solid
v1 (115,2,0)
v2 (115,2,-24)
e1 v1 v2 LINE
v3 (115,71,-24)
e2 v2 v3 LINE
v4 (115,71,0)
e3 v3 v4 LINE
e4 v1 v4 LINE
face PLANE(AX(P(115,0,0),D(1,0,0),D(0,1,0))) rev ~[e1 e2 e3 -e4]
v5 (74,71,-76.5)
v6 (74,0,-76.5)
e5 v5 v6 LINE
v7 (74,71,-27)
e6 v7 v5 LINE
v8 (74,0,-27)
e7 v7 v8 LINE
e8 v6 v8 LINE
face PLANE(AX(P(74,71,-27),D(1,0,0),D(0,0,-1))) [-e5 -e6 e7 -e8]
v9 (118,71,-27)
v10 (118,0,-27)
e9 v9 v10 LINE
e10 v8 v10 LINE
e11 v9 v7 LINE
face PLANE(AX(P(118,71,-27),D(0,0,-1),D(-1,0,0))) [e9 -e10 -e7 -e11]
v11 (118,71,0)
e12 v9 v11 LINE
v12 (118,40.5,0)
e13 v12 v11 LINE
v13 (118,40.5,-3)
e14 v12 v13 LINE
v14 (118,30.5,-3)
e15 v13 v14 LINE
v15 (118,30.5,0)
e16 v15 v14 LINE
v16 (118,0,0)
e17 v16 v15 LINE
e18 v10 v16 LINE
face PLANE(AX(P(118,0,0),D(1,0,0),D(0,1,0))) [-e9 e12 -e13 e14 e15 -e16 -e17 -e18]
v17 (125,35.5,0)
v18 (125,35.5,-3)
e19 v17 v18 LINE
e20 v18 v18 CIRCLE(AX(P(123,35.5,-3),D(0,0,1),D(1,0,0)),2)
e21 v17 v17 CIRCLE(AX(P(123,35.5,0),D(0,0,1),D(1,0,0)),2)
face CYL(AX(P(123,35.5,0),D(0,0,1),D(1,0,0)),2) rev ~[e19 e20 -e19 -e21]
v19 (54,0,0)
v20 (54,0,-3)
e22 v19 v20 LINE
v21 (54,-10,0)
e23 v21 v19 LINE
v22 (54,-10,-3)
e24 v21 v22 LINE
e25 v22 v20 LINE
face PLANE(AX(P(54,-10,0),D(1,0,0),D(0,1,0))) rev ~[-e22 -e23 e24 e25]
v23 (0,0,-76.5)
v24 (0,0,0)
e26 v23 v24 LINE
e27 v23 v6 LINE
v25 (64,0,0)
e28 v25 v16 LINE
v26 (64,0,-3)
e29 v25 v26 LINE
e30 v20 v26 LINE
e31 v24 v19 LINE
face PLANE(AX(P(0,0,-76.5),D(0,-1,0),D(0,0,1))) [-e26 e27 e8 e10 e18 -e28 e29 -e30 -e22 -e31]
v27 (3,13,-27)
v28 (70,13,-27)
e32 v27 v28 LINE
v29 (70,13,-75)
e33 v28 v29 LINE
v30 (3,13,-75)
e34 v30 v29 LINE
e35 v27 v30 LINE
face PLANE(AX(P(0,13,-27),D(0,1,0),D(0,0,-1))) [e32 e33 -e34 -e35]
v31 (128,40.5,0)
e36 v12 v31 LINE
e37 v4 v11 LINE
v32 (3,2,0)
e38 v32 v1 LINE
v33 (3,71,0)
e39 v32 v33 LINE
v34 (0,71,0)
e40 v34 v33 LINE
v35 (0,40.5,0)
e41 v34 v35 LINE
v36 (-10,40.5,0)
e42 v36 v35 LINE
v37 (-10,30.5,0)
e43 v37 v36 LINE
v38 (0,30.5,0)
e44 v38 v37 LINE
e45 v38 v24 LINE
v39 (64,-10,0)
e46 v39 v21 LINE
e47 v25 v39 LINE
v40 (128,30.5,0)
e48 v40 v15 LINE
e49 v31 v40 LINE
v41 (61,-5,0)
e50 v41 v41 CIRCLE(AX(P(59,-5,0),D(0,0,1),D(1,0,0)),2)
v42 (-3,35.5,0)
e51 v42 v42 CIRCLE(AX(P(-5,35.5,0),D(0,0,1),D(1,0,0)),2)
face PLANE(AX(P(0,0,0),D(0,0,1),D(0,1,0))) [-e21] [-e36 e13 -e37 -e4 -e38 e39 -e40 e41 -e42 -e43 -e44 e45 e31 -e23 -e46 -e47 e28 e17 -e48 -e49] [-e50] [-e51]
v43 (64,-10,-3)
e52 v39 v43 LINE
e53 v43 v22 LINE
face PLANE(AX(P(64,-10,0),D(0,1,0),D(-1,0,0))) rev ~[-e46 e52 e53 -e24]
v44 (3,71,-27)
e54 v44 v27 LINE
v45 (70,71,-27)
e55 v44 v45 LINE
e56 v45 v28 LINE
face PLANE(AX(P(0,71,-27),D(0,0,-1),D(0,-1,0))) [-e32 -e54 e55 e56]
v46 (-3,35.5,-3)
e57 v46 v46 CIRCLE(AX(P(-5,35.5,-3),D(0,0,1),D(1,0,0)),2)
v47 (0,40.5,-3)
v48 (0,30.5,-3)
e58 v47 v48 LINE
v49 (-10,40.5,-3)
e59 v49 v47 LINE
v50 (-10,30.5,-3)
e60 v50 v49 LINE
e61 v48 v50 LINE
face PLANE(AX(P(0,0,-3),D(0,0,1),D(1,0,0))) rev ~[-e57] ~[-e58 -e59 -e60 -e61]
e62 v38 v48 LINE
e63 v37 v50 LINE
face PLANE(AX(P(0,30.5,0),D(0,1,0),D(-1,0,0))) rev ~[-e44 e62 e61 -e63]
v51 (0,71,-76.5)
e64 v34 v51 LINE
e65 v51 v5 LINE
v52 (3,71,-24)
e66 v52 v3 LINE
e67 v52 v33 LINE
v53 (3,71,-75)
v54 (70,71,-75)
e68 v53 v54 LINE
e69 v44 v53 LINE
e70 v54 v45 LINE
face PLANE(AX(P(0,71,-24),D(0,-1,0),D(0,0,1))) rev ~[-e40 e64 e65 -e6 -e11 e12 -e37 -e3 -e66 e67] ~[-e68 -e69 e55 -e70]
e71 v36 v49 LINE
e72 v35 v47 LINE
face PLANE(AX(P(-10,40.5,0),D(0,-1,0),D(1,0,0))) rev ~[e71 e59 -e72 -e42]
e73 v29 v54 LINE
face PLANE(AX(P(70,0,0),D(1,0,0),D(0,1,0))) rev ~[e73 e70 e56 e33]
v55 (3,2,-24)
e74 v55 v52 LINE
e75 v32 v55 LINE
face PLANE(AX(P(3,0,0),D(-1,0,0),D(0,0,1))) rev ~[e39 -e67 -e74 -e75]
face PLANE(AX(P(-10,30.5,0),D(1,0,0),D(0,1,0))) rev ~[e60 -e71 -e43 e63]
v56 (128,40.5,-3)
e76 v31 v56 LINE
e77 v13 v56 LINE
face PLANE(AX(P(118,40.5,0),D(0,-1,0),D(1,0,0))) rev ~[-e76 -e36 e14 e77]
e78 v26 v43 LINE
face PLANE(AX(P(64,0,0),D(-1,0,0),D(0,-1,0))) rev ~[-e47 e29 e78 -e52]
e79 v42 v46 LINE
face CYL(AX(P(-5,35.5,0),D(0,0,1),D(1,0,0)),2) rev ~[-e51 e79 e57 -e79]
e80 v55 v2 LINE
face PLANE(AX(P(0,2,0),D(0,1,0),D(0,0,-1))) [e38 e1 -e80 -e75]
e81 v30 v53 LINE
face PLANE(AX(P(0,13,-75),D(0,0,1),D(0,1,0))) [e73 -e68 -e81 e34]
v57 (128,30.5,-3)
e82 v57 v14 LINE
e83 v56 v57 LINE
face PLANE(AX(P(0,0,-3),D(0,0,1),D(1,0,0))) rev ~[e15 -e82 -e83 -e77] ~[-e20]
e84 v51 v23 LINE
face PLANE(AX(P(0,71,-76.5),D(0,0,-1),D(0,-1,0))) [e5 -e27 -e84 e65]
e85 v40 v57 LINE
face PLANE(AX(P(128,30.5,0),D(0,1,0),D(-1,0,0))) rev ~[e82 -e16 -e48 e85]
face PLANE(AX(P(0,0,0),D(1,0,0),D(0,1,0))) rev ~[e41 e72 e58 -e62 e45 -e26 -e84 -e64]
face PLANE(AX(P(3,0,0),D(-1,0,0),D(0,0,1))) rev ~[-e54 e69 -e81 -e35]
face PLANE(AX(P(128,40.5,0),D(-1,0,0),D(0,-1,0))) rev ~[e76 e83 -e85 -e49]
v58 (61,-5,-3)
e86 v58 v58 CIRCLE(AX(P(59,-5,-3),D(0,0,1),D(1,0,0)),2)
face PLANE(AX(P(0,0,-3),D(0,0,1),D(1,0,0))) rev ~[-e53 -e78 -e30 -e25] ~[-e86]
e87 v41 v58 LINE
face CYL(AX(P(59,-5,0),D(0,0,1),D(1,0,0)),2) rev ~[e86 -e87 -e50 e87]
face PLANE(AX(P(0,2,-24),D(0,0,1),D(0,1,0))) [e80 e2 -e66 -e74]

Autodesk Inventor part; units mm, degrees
ref_plane "YZ Plane" through (0, 0, 0) normal (1, 0, 0) x (0, 1, 0)
ref_plane "XZ Plane" through (0, 0, 0) normal (0, 1, 0) x (-1, 0, 0)
ref_plane "XY Plane" through (0, 0, 0) normal (0, 0, 1) x (1, 0, 0)
sketch "스케치1" plane through (0, 0, 0) normal (1, 0, 0) x (0, 1, 0)
  line L0 (0, 0) -> (72.5, 0)
  line L1 (72.5, 0) -> (72.5, -76.5)
  line L2 (72.5, -76.5) -> (0, -76.5)
  line L3 (0, -76.5) -> (0, 0)
  line L4 (2, -24) -> (71, -24)
  line L5 (71, -24) -> (71, 0)
  line L6 (71, 0) -> (2, 0)
  line L7 (2, 0) -> (2, -24)
  line L8 (13, -75) -> (71, -75)
  line L9 (71, -75) -> (71, -27)
  line L10 (71, -27) -> (13, -27)
  line L11 (13, -27) -> (13, -75)
  line L12 (71, -27) -> (71, -24)
  line L13 (71, -75) -> (71, -76.5)
  point P0 (71, 0)
  point P1 (2, 0)
  dimension "d1" = 69
  dimension "d3" = 58
  dimension "d4" = 1.5
  dimension "d5" = 3
  dimension "d6" = 24
  dimension "d7" = 48
  dimension "d8" = 1.5
  dimension "d9" = 2
extrude "돌출1" add sketch "스케치1" along normal blind 118 contours L0 L7 L4 L12 L10 L11 L8 L13 L2 L3 | L0 L5 L4 L7 | L8 L11 L10 L9
extrude "돌출2" cut sketch "스케치1" along normal blind 70 contours L8 L11 L10 L9
extrude "돌출3" cut sketch "스케치1" along normal blind 115 contours L0 L5 L4 L7
sketch "스케치2" plane through (0, 71, -76.5) normal (0, 1, 0) x (1, 0, 0)
  line L0 (118, 0) -> (118, -76.5) projected
  line L1 (0, 0) -> (118, 0) projected
  line L2 (70, -1.5) -> (70, -49.5) projected
  line L3 (70, -49.5) -> (0, -49.5) projected
  line L4 (74, 0) -> (118, 0)
  line L5 (118, 0) -> (118, -49.5)
  line L6 (118, -49.5) -> (74, -49.5)
  line L7 (74, -49.5) -> (74, 0)
  point P0 (0, -76.5)
  dimension "d16" = 4
extrude "돌출4" cut sketch "스케치2" against normal blind 113
sketch "스케치3" plane through (0, 0, 0) normal (-1, 0, 0) x (0, 0, 1)
  line L0 (0, 2) -> (-24, 2) projected
  line L1 (-24, 2) -> (-24, 71) projected
  line L2 (-27, 71) -> (-27, 13) projected
  line L3 (-27, 13) -> (-75, 13) projected
  line L4 (-75, 13) -> (-75, 71) projected
  line L5 (-24, 71) -> (0, 71) projected
  line L6 (0, 2) -> (0, 71)
  line L7 (0, 71) -> (-24, 71)
  line L8 (-24, 71) -> (-75, 71)
extrude "돌출5" add sketch "스케치3" against normal blind 3
sketch "스케치4" plane through (0, 0, 0) normal (0, 0, 1) x (1, 0, 0)
  line L0 (0, 71) -> (0, 0) projected
  line L1 (0, 0) -> (118, 0) projected
  line L2 (118, 71) -> (118, 0) projected
  line L3 (118, 71) -> (0, 71)
  line L4 (0, 0) -> (74, 0) projected
  line L5 (59, 0) -> (59, 71) construction
  line L6 (118, 35.5) -> (0, 35.5) construction
  line L7 (118, 40.5) -> (128, 40.5)
  line L8 (128, 40.5) -> (128, 30.5)
  line L9 (128, 30.5) -> (118, 30.5)
  line L10 (118, 30.5) -> (118, 40.5)
  circle A0 centre (123, 35.5) radius 2
  line L11 (54, 0) -> (64, 0)
  line L12 (64, 0) -> (64, -10)
  line L13 (64, -10) -> (54, -10)
  line L14 (54, -10) -> (54, 0)
  circle A1 centre (59, -5) radius 2
  line L15 (-10, 40.5) -> (0, 40.5)
  line L16 (0, 40.5) -> (0, 30.5)
  line L17 (0, 30.5) -> (-10, 30.5)
  line L18 (-10, 30.5) -> (-10, 40.5)
  circle A2 centre (-5, 35.5) radius 2
  point P0 (54, 0)
  dimension "d21" = 10
  dimension "d22" = 10
  dimension "d23" = 4
  dimension "d24" = 5
  dimension "d25" = 5
  dimension "d26" = 10
  dimension "d27" = 10
  dimension "d28" = 4
  dimension "d29" = 5
  dimension "d30" = 5
  dimension "d31" = 10
  dimension "d32" = 10
  dimension "d33" = 4
  dimension "d34" = 5
  dimension "d35" = 5
  dimension "d38" = 40.5
  dimension "d39" = 128
extrude "돌출6" add sketch "스케치4" against normal blind 3 contours L0 L17 L18 L15 | L7 L8 L9 L2 | L1 L12 L13 L14
properties part number "battery_base"
